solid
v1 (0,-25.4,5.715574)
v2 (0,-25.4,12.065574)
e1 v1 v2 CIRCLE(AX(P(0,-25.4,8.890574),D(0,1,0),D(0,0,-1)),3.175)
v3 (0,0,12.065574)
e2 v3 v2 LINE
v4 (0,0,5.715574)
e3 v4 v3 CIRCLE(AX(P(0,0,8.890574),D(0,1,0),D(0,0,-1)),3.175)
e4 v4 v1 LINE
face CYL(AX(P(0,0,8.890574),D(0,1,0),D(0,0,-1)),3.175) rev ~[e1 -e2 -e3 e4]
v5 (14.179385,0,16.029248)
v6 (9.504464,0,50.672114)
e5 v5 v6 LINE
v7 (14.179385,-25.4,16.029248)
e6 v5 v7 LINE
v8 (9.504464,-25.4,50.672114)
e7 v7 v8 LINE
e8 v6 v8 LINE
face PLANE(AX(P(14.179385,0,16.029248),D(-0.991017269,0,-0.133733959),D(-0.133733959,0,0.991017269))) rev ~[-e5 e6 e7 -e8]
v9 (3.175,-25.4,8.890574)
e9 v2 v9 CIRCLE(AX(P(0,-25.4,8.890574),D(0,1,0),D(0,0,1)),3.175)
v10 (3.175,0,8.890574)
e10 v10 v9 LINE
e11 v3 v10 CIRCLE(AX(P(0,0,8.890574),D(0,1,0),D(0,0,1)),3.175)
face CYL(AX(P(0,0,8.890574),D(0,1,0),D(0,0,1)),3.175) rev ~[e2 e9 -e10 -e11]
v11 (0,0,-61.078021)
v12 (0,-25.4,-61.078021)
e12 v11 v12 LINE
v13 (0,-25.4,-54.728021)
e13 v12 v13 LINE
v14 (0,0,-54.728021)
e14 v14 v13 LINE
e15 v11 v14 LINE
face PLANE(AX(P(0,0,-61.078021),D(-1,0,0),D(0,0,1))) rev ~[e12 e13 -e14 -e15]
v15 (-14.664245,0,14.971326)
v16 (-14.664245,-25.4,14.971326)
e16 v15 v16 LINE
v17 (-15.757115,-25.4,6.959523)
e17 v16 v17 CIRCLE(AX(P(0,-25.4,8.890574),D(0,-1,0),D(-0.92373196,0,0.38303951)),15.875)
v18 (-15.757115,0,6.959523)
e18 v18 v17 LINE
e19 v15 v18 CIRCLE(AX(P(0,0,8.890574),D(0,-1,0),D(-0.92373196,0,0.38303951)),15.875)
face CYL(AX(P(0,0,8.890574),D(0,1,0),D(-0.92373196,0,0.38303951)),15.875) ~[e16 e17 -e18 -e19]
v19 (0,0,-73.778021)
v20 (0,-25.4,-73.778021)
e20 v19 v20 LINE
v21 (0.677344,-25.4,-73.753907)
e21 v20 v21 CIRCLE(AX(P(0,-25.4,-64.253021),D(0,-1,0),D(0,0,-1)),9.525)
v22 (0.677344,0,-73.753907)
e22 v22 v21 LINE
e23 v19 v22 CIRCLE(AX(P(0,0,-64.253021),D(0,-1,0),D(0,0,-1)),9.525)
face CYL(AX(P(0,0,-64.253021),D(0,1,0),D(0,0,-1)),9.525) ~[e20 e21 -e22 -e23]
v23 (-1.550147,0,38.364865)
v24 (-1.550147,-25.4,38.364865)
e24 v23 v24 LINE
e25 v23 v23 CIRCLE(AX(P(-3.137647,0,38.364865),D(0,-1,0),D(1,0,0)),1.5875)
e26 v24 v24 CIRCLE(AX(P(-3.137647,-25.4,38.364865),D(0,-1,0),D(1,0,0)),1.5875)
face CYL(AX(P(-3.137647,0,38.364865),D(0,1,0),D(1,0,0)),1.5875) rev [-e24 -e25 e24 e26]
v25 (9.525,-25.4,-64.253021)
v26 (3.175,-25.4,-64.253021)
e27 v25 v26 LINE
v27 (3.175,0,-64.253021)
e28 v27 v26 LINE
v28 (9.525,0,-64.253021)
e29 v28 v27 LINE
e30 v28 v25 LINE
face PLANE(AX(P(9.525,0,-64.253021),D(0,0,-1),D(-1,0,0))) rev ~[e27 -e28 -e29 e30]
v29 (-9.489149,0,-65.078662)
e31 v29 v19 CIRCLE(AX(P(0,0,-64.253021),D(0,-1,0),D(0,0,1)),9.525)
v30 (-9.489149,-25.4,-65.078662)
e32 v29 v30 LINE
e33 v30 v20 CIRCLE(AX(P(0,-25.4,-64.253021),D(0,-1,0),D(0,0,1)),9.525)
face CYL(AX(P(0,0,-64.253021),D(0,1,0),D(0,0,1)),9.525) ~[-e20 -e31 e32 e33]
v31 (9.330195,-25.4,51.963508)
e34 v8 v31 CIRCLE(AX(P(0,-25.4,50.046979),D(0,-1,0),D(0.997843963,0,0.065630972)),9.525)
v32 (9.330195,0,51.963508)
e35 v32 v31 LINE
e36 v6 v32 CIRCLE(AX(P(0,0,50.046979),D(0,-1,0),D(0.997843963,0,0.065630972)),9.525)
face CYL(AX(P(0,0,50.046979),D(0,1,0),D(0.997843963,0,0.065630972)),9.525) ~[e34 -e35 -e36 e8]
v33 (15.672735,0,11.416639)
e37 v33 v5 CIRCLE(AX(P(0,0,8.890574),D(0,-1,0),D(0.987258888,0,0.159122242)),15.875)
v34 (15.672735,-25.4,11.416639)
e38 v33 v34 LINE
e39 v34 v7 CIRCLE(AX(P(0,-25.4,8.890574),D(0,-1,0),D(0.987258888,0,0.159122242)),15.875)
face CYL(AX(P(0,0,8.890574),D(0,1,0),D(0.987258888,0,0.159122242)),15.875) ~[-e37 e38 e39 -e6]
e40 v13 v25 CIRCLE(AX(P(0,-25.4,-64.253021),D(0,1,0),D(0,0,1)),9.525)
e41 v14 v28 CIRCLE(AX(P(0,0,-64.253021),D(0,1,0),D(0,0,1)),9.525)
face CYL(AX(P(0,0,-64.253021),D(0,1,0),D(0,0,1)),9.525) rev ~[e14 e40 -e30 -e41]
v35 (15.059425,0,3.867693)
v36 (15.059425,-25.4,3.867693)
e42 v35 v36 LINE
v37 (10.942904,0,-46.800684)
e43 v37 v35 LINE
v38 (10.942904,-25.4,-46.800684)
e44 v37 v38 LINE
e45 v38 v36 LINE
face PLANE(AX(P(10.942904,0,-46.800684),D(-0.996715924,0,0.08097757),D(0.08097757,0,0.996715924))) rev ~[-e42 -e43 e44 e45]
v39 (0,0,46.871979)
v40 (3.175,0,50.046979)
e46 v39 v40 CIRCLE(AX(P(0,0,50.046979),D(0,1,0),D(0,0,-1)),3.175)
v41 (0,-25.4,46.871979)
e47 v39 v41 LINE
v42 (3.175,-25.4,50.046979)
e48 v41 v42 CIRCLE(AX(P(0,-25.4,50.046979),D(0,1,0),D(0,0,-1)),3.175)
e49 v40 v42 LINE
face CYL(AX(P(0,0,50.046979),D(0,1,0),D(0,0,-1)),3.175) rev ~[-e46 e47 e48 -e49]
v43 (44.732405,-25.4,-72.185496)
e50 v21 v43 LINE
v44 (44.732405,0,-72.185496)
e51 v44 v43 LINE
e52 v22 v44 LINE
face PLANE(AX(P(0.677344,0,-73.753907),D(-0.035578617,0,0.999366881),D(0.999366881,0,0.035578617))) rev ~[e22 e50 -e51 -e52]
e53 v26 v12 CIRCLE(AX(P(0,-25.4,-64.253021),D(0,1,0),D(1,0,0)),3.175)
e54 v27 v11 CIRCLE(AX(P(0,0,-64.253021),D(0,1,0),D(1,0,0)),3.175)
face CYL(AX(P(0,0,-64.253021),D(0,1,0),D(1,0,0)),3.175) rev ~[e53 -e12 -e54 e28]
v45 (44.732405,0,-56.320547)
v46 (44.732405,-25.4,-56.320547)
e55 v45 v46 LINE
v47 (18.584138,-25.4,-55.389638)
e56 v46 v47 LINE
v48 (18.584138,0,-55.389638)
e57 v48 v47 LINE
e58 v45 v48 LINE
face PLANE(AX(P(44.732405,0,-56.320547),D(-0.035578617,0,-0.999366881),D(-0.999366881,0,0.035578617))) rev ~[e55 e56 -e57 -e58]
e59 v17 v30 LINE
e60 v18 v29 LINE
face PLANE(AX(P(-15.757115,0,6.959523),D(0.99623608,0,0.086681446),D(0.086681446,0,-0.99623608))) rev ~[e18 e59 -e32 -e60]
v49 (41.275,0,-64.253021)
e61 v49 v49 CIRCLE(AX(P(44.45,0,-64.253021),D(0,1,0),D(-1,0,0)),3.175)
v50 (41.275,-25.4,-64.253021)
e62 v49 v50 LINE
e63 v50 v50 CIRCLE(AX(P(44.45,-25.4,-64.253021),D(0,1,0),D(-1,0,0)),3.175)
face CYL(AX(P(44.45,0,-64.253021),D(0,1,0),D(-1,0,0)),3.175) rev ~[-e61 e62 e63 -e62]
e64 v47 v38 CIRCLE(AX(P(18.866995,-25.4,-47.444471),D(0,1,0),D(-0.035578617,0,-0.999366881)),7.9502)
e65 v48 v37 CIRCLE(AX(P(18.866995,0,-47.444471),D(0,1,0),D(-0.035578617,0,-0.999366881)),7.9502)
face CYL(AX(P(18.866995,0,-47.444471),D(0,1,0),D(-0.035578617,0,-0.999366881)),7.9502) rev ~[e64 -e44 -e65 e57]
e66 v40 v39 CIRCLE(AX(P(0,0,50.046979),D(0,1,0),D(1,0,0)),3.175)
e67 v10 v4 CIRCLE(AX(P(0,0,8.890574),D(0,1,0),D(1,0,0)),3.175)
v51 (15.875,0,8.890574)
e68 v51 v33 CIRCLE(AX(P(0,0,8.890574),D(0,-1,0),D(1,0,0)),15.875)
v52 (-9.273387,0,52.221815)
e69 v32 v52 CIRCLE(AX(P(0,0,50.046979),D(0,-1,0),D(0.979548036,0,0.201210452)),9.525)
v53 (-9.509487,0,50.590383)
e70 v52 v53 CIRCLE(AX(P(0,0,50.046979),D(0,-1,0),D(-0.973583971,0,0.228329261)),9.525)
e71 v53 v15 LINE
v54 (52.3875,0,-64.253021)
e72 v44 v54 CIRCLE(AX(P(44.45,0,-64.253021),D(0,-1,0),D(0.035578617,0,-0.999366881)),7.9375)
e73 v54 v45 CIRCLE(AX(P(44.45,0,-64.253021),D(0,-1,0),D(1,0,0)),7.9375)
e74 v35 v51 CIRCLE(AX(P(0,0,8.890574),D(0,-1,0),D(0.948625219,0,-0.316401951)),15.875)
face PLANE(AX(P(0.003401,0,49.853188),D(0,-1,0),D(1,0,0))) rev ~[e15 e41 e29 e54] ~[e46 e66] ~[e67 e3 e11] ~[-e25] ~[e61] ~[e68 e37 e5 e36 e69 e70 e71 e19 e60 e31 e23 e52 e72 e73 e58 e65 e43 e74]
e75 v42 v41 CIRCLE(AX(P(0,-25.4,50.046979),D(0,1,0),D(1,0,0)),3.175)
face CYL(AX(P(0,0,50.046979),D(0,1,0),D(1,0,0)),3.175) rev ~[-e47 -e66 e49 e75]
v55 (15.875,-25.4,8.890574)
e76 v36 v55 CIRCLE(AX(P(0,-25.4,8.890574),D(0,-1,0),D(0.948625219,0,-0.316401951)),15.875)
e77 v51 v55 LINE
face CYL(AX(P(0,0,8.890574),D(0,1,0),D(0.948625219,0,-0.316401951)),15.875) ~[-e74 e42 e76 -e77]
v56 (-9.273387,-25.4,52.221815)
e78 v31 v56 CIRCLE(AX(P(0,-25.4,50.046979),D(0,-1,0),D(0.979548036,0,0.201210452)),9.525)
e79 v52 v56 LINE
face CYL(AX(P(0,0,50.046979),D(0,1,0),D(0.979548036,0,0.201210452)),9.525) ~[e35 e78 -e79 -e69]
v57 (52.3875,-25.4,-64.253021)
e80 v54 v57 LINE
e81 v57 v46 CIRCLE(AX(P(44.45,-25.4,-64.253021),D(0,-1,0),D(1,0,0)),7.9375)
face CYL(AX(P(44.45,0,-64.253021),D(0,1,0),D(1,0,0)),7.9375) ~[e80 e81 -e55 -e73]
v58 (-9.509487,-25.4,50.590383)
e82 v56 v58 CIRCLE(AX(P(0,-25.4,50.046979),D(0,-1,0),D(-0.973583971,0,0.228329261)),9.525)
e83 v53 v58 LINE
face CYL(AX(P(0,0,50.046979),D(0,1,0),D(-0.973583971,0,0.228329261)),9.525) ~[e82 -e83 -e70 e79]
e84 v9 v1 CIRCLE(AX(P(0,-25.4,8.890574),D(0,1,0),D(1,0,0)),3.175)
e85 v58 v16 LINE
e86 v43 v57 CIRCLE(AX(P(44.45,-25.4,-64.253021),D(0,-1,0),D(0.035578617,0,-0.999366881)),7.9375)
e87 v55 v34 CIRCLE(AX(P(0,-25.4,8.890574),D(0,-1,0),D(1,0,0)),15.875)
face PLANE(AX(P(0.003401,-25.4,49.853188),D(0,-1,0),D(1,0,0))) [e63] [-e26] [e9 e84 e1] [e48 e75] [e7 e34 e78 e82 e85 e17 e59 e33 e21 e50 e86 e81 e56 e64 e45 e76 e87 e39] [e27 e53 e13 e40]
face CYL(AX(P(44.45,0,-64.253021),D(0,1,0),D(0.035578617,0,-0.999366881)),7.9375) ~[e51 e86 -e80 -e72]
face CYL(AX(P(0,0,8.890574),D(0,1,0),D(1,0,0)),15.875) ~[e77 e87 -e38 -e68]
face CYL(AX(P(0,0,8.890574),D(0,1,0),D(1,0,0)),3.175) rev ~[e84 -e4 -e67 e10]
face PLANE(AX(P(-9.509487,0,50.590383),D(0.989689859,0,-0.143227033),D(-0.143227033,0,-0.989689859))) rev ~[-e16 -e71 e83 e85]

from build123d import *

# Parameters (mm, degrees)
F0_R     = 1.5875
F1_DEPTH = 25.4


with BuildPart() as f1:
    # F0 (on Front) → F1 (new body)
    with BuildSketch(Plane.XZ):
        with BuildLine():
            ThreePointArc((-9.5094866579, 50.5903833076), (-6.9246499305, 43.5067304203), (0, 40.5219787596))
            ThreePointArc((0, 40.5219787596), (6.7351920908, 43.3117866688), (9.525, 50.0469787596))
            ThreePointArc((9.525, 50.0469787596), (9.5198645536, 50.3597148789), (9.5044637522, 50.672113772))
            Line((9.5044637522, 50.672113772), (9.3301950385, 51.9635083166))
            ThreePointArc((9.3301950385, 51.9635083166), (0.1322397856, 59.5710607436), (-9.2733873238, 52.22181497))
            Line((-9.2733873238, 52.22181497), (-9.5094866579, 50.5903833076))
        make_face()
        with BuildLine():
            ThreePointArc((3.175, 50.0469787596), (2.2450640303, 47.8019147293), (0, 46.8719787596))
            ThreePointArc((0, 46.8719787596), (-2.2450640303, 52.2920427898), (3.175, 50.0469787596))
        make_face(mode=Mode.SUBTRACT)
        with BuildLine():
            ThreePointArc((9.525, 50.0469787596), (6.7351920908, 43.3117866688), (0, 40.5219787596))
            Line((0, 40.5219787596), (0, 24.7655736196))
            ThreePointArc((0, 24.7655736196), (8.3273397145, 22.4061586339), (14.1793849266, 16.0292477335))
            Line((14.1793849266, 16.0292477335), (9.5044637522, 50.672113772))
            ThreePointArc((9.5044637522, 50.672113772), (9.5198645536, 50.3597148789), (9.525, 50.0469787596))
        make_face()
        with BuildLine():
            Line((0, 24.7655736196), (0, 40.5219787596))
            ThreePointArc((0, 40.5219787596), (-6.9246499305, 43.5067304203), (-9.5094866579, 50.5903833076))
            Line((-9.5094866579, 50.5903833076), (-14.6642448634, 14.9713258418))
            ThreePointArc((-14.6642448634, 14.9713258418), (-8.8171334195, 22.0918532267), (0, 24.7655736196))
        make_face()
        with Locations((-3.1376474071, 38.3648648858)):
            Circle(F0_R, mode=Mode.SUBTRACT)
        with BuildLine():
            ThreePointArc((14.1793849266, 16.0292477335), (8.3273397145, 22.4061586339), (0, 24.7655736196))
            Line((0, 24.7655736196), (0, 12.0655736196))
            ThreePointArc((0, 12.0655736196), (2.2450640303, 11.1356376499), (3.175, 8.8905736196))
            ThreePointArc((3.175, 8.8905736196), (2.2450640303, 6.6455095894), (0, 5.7155736196))
            Line((0, 5.7155736196), (0, -6.9844263804))
            ThreePointArc((0, -6.9844263804), (9.2810934045, -3.9887481877), (15.0594253456, 3.8676926474))
            Line((15.0594253456, 3.8676926474), (15.6727348487, 11.4166392094))
            ThreePointArc((15.6727348487, 11.4166392094), (15.1031885083, 13.7802895502), (14.1793849266, 16.0292477335))
        make_face()
        with BuildLine():
            Line((0, 12.0655736196), (0, 24.7655736196))
            ThreePointArc((0, 24.7655736196), (-8.8171334195, 22.0918532267), (-14.6642448634, 14.9713258418))
            ThreePointArc((-14.6642448634, 14.9713258418), (-15.7293365162, 11.0361732466), (-15.7571148939, 6.9595233305))
            ThreePointArc((-15.7571148939, 6.9595233305), (-10.520461056, -2.9978881888), (0, -6.9844263804))
            Line((0, -6.9844263804), (0, 5.7155736196))
            ThreePointArc((0, 5.7155736196), (-3.175, 8.8905736196), (0, 12.0655736196))
        make_face()
        with BuildLine():
            ThreePointArc((-9.2733873238, 52.22181497), (-9.4267959069, 51.4112162495), (-9.5094866579, 50.5903833076))
            Line((-9.5094866579, 50.5903833076), (-9.2733873238, 52.22181497))
        make_face()
        with BuildLine():
            Line((9.3301950385, 51.9635083166), (9.5044637522, 50.672113772))
            ThreePointArc((9.5044637522, 50.672113772), (9.4394394912, 51.3207947165), (9.3301950385, 51.9635083166))
        make_face()
        with BuildLine():
            ThreePointArc((15.875, 8.8905736196), (15.8243529208, 10.1576488497), (15.6727348487, 11.4166392094))
            Line((15.6727348487, 11.4166392094), (15.0594253456, 3.8676926474))
            ThreePointArc((15.0594253456, 3.8676926474), (15.6697798702, 6.3462419157), (15.875, 8.8905736196))
        make_face()
        with BuildLine():
            ThreePointArc((0, -6.9844263804), (-10.520461056, -2.9978881888), (-15.7571148939, 6.9595233305))
            Line((-15.7571148939, 6.9595233305), (-9.4891486608, -65.0786620183))
            ThreePointArc((-9.4891486608, -65.0786620183), (-7.0210345893, -57.8163529799), (0, -54.7280212404))
            Line((0, -54.7280212404), (0, -6.9844263804))
        make_face()
        with BuildLine():
            ThreePointArc((15.0594253456, 3.8676926474), (9.2810934045, -3.9887481877), (0, -6.9844263804))
            Line((0, -6.9844263804), (0, -54.7280212404))
            ThreePointArc((0, -54.7280212404), (6.7351920908, -57.5178291496), (9.525, -64.2530212404))
            Line((9.525, -64.2530212404), (36.5125, -64.2530212404))
            ThreePointArc((36.5125, -64.2530212404), (38.9380895153, -58.5413884565), (44.7324052746, -56.3205466258))
            Line((44.7324052746, -56.3205466258), (18.5841382124, -55.3896380636))
            ThreePointArc((18.5841382124, -55.3896380636), (12.9272113527, -52.7288490574), (10.9429043963, -46.8006836132))
            Line((10.9429043963, -46.8006836132), (15.0594253456, 3.8676926474))
        make_face()
        with BuildLine():
            ThreePointArc((0, -54.7280212404), (-7.0210345893, -57.8163529799), (-9.4891486608, -65.0786620183))
            ThreePointArc((-9.4891486608, -65.0786620183), (-6.4366682605, -71.2740558298), (0, -73.7780212404))
            Line((0, -73.7780212404), (0.6773435479, -73.7539070264))
            ThreePointArc((0.6773435479, -73.7539070264), (6.9705567315, -70.7443203287), (9.525, -64.2530212404))
            Line((9.525, -64.2530212404), (3.175, -64.2530212404))
            ThreePointArc((3.175, -64.2530212404), (-2.2450640303, -66.4980852707), (0, -61.0780212404))
            Line((0, -61.0780212404), (0, -54.7280212404))
        make_face()
        with BuildLine():
            Line((0.6773435479, -73.7539070264), (0, -73.7780212404))
            ThreePointArc((0, -73.7780212404), (0.3388863295, -73.7719907779), (0.6773435479, -73.7539070264))
        make_face()
        with BuildLine():
            Line((36.5125, -64.2530212404), (9.525, -64.2530212404))
            ThreePointArc((9.525, -64.2530212404), (6.9705567315, -70.7443203287), (0.6773435479, -73.7539070264))
            Line((0.6773435479, -73.7539070264), (44.7324052746, -72.185495855))
            ThreePointArc((44.7324052746, -72.185495855), (38.9380895153, -69.9646540243), (36.5125, -64.2530212404))
        make_face()
        with BuildLine():
            ThreePointArc((44.7324052746, -56.3205466258), (38.9380895153, -58.5413884565), (36.5125, -64.2530212404))
            ThreePointArc((36.5125, -64.2530212404), (38.9380895153, -69.9646540243), (44.7324052746, -72.185495855))
            ThreePointArc((44.7324052746, -72.185495855), (50.1616327839, -69.7649317251), (52.3875, -64.2530212404))
            ThreePointArc((52.3875, -64.2530212404), (50.1616327839, -58.7411107557), (44.7324052746, -56.3205466258))
        make_face()
        with BuildLine():
            ThreePointArc((47.625, -64.2530212404), (44.45, -67.4280212404), (41.275, -64.2530212404))
            ThreePointArc((41.275, -64.2530212404), (44.45, -61.0780212404), (47.625, -64.2530212404))
        make_face(mode=Mode.SUBTRACT)
    extrude(amount=F1_DEPTH)


solid = f1.part
